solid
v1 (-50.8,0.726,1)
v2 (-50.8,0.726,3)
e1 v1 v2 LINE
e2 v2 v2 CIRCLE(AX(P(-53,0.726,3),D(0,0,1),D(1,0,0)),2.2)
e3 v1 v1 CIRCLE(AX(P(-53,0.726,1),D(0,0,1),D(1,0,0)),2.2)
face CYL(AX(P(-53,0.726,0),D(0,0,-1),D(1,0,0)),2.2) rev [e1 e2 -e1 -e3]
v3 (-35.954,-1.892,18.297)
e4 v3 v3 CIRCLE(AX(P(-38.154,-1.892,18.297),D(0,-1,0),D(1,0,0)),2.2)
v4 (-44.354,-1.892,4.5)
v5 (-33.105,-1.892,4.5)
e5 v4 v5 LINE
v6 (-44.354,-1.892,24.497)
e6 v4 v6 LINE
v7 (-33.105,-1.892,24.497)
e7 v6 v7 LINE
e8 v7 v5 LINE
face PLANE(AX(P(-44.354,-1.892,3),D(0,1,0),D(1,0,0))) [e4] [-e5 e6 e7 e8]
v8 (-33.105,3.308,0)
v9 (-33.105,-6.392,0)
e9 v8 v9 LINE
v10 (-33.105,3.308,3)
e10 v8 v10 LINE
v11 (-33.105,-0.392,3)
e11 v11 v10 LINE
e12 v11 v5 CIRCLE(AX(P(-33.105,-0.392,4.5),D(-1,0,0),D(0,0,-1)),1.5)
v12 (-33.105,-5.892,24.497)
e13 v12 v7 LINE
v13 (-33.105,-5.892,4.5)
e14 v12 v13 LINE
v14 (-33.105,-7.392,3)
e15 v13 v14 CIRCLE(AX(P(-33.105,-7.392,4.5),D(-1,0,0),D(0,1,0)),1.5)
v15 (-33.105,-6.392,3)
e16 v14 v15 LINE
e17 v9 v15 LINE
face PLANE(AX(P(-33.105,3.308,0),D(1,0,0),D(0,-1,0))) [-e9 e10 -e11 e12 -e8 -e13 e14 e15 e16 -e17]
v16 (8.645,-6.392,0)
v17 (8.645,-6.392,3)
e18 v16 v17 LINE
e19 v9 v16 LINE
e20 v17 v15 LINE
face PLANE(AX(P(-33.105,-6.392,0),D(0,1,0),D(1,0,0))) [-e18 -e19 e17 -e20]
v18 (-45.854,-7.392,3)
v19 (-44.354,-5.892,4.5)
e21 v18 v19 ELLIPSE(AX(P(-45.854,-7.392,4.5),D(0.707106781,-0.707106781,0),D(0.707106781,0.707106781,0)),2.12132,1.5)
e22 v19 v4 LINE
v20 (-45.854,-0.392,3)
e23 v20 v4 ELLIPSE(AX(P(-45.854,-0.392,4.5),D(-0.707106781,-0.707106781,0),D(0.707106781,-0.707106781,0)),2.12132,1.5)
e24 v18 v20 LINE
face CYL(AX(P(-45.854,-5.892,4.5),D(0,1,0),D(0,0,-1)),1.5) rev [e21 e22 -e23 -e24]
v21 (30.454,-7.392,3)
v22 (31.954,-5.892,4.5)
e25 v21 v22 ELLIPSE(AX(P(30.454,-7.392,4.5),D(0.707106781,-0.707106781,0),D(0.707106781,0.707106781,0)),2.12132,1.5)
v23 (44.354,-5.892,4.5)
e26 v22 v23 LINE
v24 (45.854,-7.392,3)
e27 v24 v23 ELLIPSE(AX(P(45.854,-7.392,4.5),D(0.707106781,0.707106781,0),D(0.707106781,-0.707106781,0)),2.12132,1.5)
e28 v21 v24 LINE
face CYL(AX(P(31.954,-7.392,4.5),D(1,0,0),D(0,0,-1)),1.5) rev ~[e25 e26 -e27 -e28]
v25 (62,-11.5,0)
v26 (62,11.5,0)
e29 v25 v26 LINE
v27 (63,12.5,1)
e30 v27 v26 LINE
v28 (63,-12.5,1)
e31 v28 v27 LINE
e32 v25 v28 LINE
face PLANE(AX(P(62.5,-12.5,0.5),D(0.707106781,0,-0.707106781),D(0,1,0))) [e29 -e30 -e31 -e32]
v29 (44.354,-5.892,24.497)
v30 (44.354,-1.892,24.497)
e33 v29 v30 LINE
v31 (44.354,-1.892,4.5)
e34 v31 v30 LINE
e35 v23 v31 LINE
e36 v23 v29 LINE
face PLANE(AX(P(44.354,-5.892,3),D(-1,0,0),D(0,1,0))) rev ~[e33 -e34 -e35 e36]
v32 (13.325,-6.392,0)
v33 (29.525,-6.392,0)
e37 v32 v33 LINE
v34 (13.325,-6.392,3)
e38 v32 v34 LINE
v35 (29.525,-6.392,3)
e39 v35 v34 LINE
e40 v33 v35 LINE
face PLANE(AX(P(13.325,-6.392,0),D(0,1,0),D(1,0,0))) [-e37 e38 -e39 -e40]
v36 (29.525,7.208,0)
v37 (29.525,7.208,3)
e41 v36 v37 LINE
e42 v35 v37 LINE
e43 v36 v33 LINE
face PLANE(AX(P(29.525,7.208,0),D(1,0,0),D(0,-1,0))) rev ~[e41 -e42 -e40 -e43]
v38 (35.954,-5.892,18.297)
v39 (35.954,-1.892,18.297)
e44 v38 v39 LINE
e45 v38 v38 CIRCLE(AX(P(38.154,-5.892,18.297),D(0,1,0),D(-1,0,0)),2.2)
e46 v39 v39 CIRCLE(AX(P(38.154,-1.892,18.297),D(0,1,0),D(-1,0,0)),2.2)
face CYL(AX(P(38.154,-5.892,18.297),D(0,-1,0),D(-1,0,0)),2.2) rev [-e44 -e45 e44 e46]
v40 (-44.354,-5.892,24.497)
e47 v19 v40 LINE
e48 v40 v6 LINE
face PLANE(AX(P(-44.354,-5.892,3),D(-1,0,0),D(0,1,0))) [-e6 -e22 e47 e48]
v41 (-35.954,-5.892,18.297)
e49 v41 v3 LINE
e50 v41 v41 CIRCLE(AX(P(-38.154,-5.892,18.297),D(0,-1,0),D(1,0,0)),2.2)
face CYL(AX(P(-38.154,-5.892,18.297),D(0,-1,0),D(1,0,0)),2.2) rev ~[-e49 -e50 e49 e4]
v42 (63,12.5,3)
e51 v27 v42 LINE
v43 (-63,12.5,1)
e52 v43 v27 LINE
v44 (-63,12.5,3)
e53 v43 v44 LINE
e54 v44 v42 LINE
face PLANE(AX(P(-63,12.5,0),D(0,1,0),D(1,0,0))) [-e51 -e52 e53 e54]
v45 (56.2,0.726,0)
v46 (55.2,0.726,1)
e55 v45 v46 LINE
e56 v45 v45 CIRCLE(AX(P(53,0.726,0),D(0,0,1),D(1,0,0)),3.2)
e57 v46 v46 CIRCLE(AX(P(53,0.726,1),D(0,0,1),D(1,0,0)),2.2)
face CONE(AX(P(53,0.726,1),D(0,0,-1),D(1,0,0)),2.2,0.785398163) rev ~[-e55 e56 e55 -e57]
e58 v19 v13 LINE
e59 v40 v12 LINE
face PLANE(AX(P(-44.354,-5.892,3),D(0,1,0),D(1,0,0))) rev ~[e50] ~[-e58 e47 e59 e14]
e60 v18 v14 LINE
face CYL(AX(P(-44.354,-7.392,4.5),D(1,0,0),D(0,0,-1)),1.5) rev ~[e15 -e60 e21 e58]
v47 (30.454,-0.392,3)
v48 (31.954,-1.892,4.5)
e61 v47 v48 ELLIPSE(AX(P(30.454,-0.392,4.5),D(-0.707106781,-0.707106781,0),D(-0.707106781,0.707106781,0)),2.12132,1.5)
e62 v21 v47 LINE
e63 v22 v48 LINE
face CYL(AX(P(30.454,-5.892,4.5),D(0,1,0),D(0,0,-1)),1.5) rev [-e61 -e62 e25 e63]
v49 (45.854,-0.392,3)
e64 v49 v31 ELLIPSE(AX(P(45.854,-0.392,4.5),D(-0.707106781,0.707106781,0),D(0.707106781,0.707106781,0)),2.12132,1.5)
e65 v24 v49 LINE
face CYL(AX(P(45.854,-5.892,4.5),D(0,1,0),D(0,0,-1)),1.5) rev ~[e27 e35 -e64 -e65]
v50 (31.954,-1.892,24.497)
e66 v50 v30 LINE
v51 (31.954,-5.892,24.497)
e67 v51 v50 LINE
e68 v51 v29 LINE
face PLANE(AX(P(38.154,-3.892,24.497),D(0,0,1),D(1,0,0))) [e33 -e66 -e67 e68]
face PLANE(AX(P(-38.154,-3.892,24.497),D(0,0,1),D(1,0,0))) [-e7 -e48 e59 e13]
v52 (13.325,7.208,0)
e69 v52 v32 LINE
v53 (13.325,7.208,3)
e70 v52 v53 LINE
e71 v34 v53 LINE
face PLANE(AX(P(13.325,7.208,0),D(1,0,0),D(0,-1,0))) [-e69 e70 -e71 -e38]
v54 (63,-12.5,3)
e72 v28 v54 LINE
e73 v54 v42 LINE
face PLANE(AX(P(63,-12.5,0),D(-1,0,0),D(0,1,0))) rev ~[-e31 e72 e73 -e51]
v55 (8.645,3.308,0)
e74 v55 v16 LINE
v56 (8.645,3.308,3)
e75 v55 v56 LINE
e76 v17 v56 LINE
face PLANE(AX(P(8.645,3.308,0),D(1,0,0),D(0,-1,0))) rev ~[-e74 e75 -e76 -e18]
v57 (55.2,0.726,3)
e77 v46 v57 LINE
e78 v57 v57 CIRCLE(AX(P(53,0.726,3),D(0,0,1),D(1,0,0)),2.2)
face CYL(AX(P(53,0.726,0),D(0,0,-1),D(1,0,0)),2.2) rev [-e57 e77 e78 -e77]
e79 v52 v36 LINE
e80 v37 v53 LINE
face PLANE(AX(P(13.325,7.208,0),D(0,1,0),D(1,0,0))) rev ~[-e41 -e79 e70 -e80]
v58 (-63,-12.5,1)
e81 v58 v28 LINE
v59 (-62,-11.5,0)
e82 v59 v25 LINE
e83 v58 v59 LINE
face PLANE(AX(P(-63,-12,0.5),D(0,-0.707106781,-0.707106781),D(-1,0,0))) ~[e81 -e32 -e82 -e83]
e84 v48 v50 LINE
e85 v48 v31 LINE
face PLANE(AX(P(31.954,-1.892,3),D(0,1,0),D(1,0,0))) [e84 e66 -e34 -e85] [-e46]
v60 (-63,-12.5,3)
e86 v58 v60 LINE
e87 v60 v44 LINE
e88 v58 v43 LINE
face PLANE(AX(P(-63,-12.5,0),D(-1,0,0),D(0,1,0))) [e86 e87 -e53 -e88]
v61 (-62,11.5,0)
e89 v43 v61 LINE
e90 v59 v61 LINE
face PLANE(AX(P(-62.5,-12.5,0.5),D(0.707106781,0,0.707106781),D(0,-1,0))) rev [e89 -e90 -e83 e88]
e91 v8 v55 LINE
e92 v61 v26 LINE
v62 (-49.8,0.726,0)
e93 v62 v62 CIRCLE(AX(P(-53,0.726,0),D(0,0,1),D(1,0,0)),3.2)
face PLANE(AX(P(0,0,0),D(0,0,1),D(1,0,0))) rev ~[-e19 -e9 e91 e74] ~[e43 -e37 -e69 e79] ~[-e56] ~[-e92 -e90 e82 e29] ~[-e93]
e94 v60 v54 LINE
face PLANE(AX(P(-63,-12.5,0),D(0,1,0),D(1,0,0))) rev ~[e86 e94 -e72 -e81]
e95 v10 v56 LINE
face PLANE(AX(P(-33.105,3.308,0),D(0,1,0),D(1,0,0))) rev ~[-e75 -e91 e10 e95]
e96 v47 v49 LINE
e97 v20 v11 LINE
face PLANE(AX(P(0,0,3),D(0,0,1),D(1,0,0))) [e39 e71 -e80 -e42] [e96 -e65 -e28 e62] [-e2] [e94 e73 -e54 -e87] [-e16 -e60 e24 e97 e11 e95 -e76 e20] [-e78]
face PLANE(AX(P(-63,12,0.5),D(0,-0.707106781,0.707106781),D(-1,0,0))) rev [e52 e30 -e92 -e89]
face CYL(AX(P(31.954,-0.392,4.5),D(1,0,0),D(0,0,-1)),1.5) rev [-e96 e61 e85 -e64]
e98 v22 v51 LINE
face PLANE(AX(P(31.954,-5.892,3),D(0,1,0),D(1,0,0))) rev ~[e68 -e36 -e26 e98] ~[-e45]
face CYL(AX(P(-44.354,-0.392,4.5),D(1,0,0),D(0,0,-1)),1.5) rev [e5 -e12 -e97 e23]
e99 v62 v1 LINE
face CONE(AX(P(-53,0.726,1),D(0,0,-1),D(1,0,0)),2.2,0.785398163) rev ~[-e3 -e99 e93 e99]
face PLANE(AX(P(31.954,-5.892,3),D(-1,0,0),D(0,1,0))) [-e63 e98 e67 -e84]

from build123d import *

# Parameters (mm, degrees)
SKETCH_W        = 126
SKETCH_H        = 25
SKETCH_R        = 2.2
PAD_DEPTH       = 3
SKETCH001_W     = 12.4
SKETCH001_H     = 4
PAD001_DEPTH    = 21.497
SKETCH002_R     = 2.2
POCKET_DEPTH    = 4
CHAMFER_SIZE    = 1
FILLET_R        = 1.5
SKETCH003_W     = 41.75
SKETCH003_H     = 9.7
SKETCH003_W_2   = 16.2
SKETCH003_H_2   = 13.6
POCKET001_DEPTH = 24.498
SKETCH004_W     = 2.651
SKETCH004_H     = 0.381966
POCKET002_DEPTH = 15.808


with BuildPart() as part:
    # Sketch → Pad (new body)
    with BuildSketch(Plane.XY):
        Rectangle(SKETCH_W, SKETCH_H)
        with Locations((-53, 0.726)):
            Circle(SKETCH_R, mode=Mode.SUBTRACT)
        with Locations((53, 0.726)):
            Circle(SKETCH_R, mode=Mode.SUBTRACT)
    extrude(amount=PAD_DEPTH)

    # Sketch001 → Pad001 (new body)
    with BuildSketch(Plane.XY.offset(3)):
        with Locations((-38.154, -3.892)):
            Rectangle(SKETCH001_W, SKETCH001_H)
        with Locations((38.154, -3.892)):
            Rectangle(SKETCH001_W, SKETCH001_H)
    extrude(amount=PAD001_DEPTH)

    # Sketch002 → Pocket (cut)
    with BuildSketch(Plane.XZ.offset(5.892)):
        with Locations((-38.154, 18.297)):
            Circle(SKETCH002_R)
    pocket = extrude(amount=-POCKET_DEPTH, mode=Mode.SUBTRACT)

    # Mirrored: Pocket across Sketch002 V_Axis
    add(pocket.mirror(Plane(origin=(0, -5.892, 0), x_dir=(0, -1, 0), z_dir=(1, 0, 0))), mode=Mode.SUBTRACT)

    # Chamfer
    chamfer_edges = [part.edges().sort_by_distance(p)[0] for p in [
        (0, 12.5, 0),
        (63, 0, 0),
        (0, -12.5, 0),
        (-63, 0, 0),
        (50.8, 0.726, 0),
        (-55.2, 0.726, 0),
    ]]
    chamfer(chamfer_edges, length=CHAMFER_SIZE)

    # Fillet
    fillet_edges = [part.edges().sort_by_distance(p)[0] for p in [
        (38.154, -5.892, 3),
        (31.954, -3.892, 3),
        (38.154, -1.892, 3),
        (44.354, -3.892, 3),
        (-38.154, -5.892, 3),
        (-31.954, -3.892, 3),
        (-38.154, -1.892, 3),
        (-44.354, -3.892, 3),
    ]]
    fillet(fillet_edges, radius=FILLET_R)

    # Sketch003 → Pocket001 (cut, through all)
    with BuildSketch(Plane(origin=(0, 0, 0), x_dir=(1, 0, 0), z_dir=(0, 0, -1))):
        with Locations((-12.23, 1.542)):
            Rectangle(SKETCH003_W, SKETCH003_H)
        with Locations((21.425, -0.408)):
            Rectangle(SKETCH003_W_2, SKETCH003_H_2)
    extrude(amount=-POCKET001_DEPTH, mode=Mode.SUBTRACT)

    # Sketch004 → Pocket002 (cut)
    with BuildSketch(Plane.XZ.offset(12.5)):
        with Locations((-31.7795, 3.190983)):
            Rectangle(SKETCH004_W, SKETCH004_H)
    extrude(amount=-POCKET002_DEPTH, mode=Mode.SUBTRACT)


solid = part.part
